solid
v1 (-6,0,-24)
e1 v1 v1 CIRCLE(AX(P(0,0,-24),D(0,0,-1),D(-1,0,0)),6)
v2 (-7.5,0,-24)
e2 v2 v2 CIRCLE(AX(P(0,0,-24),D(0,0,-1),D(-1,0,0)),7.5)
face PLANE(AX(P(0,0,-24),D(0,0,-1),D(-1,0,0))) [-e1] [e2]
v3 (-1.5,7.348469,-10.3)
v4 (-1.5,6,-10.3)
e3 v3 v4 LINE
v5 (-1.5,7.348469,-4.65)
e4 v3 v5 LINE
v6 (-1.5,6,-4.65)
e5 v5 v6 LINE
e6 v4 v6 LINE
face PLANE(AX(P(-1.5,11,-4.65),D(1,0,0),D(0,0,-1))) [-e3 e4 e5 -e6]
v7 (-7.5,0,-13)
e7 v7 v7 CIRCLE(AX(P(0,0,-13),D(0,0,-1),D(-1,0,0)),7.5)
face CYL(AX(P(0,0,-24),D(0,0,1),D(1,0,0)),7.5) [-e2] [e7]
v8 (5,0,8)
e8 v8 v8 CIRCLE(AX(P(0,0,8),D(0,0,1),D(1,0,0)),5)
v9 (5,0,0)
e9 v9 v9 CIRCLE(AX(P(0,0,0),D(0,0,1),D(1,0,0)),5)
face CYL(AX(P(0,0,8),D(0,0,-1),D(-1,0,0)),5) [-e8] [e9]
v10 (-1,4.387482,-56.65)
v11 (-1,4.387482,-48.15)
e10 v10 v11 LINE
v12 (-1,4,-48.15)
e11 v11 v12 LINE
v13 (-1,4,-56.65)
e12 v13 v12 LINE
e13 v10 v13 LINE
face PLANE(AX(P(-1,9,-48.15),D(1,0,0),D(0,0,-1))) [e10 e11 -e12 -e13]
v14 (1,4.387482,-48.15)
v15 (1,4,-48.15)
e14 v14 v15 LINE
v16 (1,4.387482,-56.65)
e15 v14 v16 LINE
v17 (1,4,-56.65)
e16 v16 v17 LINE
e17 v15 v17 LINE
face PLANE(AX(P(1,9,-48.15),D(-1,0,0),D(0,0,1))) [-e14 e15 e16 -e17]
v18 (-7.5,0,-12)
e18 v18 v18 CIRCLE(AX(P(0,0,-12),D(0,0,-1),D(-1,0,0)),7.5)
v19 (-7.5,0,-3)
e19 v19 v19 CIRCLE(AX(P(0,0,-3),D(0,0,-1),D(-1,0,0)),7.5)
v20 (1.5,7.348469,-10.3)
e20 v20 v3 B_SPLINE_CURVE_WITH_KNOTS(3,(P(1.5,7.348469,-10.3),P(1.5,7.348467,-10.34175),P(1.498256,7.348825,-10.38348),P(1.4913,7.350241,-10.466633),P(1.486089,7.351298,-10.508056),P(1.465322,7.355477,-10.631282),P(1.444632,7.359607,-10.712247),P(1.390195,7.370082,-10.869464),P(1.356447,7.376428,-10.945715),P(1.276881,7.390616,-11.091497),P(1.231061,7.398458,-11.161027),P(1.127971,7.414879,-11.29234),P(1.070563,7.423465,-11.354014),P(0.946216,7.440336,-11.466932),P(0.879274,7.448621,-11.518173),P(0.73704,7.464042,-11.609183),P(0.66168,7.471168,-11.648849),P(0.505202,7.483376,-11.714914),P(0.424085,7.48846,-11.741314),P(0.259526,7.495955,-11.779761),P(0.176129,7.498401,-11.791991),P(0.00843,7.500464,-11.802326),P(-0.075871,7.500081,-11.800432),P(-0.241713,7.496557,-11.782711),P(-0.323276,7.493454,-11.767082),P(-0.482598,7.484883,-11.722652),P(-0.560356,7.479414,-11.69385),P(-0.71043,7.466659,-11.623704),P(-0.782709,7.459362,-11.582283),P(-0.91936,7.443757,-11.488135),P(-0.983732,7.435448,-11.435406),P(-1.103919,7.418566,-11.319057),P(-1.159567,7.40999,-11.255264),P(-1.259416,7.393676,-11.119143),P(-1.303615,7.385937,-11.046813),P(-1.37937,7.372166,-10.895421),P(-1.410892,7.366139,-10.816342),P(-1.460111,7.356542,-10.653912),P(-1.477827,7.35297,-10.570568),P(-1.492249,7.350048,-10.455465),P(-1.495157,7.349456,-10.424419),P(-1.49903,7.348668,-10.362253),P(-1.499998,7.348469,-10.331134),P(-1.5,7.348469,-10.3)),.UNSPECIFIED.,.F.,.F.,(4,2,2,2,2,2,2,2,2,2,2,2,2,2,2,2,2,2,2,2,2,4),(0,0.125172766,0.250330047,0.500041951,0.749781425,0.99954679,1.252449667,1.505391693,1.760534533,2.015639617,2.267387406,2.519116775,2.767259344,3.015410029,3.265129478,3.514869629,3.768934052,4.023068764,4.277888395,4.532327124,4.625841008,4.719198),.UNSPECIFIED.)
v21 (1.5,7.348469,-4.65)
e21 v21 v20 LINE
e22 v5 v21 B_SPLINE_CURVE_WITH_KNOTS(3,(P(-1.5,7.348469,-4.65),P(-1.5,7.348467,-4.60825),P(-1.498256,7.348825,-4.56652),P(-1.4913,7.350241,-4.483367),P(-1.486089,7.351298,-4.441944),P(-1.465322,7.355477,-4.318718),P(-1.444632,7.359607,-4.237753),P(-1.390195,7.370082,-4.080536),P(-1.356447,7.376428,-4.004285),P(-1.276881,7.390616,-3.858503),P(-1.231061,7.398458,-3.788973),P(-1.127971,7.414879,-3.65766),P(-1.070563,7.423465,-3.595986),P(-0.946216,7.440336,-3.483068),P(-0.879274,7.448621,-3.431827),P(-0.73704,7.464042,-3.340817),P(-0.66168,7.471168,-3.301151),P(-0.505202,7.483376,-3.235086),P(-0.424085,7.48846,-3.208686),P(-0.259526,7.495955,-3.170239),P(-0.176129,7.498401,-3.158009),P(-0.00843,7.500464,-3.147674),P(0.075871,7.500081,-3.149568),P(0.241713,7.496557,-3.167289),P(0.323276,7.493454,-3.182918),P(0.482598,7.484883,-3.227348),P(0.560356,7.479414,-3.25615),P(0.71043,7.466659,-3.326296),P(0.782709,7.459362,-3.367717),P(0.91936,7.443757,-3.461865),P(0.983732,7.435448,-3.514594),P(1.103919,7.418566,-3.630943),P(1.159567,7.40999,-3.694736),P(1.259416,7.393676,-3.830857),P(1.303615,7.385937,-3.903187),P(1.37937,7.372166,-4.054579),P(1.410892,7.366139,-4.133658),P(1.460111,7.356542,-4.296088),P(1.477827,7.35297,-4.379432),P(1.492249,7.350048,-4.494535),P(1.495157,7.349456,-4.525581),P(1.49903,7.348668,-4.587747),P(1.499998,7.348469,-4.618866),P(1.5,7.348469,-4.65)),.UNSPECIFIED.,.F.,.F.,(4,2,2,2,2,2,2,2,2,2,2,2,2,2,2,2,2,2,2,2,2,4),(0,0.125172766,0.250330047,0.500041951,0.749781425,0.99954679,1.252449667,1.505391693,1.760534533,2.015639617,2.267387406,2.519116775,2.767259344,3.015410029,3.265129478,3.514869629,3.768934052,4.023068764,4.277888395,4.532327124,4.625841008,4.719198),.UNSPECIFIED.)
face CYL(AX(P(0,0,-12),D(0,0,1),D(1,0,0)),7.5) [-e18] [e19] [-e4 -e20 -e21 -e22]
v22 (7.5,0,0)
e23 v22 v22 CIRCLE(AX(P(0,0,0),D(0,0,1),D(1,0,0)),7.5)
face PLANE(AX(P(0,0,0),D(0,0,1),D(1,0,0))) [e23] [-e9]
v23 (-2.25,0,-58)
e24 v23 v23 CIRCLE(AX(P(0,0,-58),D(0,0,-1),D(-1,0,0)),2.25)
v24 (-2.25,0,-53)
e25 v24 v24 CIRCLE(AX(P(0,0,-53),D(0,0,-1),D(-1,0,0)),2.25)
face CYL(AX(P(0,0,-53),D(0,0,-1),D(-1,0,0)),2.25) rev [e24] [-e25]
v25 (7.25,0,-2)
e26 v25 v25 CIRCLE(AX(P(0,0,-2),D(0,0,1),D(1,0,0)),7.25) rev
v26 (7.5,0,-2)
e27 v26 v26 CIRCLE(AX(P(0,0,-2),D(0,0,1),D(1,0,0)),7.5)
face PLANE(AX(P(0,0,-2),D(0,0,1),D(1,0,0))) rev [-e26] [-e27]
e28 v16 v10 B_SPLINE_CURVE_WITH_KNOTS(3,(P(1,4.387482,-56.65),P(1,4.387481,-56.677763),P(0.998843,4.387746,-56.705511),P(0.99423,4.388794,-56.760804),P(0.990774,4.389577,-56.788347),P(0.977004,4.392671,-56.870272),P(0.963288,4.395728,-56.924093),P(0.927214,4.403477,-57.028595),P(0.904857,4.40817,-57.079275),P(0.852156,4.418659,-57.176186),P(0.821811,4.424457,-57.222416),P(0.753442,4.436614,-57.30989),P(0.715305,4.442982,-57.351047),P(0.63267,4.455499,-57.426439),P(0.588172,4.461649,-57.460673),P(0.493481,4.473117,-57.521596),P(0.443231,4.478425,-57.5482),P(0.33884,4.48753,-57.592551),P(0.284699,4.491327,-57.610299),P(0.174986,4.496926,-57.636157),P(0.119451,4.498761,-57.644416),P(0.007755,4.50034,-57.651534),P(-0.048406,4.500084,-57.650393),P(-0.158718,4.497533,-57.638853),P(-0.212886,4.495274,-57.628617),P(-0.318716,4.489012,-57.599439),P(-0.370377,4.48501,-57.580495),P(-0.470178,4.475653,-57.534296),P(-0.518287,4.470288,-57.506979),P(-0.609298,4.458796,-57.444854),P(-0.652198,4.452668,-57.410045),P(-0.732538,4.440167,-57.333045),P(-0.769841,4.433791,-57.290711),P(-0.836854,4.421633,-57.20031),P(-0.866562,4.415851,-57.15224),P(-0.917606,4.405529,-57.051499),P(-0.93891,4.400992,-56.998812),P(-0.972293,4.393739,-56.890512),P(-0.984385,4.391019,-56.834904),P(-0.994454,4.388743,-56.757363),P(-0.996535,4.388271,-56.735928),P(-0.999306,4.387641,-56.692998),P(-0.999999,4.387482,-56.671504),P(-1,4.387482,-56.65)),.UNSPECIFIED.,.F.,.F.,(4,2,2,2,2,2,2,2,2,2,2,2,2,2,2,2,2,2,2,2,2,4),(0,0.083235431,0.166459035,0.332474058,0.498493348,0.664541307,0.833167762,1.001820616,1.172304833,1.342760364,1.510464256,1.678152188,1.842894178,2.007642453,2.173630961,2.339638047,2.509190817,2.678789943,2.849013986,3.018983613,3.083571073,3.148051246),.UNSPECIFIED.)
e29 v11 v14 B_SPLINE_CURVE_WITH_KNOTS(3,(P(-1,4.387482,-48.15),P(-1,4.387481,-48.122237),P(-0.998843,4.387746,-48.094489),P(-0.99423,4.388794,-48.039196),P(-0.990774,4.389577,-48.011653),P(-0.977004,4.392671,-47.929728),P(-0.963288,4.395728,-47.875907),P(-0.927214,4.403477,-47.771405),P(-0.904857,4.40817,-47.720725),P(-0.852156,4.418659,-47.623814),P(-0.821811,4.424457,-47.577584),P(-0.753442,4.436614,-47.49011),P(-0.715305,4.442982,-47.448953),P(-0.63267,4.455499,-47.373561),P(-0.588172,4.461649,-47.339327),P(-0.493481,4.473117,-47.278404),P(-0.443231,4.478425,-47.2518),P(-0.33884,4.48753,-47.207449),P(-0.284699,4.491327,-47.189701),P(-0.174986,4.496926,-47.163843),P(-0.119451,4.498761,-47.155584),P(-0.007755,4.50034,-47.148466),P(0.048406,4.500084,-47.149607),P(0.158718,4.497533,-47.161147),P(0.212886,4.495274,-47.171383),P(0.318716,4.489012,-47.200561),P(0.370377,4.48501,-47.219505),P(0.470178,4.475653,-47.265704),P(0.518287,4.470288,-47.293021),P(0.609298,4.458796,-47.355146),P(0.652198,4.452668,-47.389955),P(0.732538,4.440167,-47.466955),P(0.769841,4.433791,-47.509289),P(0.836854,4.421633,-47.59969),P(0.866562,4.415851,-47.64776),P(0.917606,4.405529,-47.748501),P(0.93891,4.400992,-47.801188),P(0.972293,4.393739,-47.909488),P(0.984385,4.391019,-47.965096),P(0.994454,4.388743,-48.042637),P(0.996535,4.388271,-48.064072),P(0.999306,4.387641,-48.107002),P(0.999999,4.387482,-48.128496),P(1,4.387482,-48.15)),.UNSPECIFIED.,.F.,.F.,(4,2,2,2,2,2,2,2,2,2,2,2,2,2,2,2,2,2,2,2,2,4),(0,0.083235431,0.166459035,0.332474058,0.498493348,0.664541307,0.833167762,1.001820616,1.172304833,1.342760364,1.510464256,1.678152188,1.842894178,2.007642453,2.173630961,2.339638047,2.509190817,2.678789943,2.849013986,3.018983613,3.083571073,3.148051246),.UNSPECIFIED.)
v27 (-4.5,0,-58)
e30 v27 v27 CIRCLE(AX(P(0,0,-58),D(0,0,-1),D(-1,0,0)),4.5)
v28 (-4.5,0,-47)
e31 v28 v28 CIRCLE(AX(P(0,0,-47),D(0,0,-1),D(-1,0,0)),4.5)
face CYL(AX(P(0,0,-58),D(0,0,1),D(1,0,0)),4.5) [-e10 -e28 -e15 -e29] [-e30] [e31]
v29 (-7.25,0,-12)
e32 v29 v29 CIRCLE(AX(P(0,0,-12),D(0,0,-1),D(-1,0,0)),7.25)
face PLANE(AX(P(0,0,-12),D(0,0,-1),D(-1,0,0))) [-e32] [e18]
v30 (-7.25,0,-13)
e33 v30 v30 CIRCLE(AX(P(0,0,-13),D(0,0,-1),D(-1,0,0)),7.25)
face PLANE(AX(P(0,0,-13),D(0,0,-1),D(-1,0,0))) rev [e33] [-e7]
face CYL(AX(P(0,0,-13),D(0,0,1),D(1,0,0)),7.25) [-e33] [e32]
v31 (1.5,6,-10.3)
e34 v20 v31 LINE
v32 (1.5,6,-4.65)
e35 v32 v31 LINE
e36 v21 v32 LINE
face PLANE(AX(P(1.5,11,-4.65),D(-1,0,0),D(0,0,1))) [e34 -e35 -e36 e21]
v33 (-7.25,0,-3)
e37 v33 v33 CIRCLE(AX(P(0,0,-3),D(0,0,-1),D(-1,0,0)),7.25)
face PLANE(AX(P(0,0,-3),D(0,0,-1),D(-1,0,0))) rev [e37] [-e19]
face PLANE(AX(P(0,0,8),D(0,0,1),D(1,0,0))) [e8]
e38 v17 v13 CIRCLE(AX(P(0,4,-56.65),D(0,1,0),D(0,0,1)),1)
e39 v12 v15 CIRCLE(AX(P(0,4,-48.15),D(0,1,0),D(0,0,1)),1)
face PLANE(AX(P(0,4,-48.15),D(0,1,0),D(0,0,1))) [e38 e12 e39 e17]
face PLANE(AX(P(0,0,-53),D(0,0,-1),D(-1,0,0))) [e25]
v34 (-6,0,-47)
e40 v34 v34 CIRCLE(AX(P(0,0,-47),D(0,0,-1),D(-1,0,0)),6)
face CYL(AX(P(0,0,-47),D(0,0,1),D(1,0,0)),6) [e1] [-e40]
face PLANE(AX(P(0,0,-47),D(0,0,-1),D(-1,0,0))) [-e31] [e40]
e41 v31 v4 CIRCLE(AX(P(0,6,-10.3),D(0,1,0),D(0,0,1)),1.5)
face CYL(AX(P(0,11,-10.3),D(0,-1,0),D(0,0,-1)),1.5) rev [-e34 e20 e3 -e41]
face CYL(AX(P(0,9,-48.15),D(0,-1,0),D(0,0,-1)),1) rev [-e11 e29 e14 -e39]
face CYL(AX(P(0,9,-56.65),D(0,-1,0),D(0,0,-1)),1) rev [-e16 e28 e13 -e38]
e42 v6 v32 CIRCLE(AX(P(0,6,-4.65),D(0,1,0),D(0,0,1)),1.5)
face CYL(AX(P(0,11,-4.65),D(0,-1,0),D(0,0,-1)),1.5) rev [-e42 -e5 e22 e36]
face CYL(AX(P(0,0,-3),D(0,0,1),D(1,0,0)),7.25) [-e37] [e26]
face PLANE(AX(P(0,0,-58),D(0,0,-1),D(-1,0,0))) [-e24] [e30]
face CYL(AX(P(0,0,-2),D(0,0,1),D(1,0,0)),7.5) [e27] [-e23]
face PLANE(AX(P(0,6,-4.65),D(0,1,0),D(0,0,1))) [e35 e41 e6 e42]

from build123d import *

# Parameters (mm, degrees)
ESQUISSE1_R              = 5
BOSS_EXTRU_1_DEPTH       = 8
ESQUISSE2_R              = 7.5
BOSS_EXTRU_3_DEPTH       = 2
ESQUISSE5_R              = 7.25
BOSS_EXTRU_6_DEPTH       = 1
ESQUISSE8_R              = 7.5
BOSS_EXTRU_8_DEPTH       = 9
ESQUISSE9_R              = 7.25
BOSS_EXTRU_9_DEPTH       = 1
ESQUISSE10_R             = 7.5
BOSS_EXTRU_10_DEPTH      = 11
ESQUISSE11_R             = 6
BOSS_EXTRU_11_DEPTH      = 23
ESQUISSE12_R             = 4.5
BOSS_EXTRU_12_DEPTH      = 11
ENL_V_START              = 6
ENL_V_MAT_EXTRU_7_DEPTH  = 5
ENL_V_START_2            = 4
ENL_V_MAT_EXTRU_9_DEPTH  = 5
ESQUISSE17_R             = 2.25
ENL_V_MAT_EXTRU_10_DEPTH = 5


with BuildPart() as part:
    # Esquisse1 → Boss.-Extru.1 (new body)
    with BuildSketch(Plane.XY):
        Circle(ESQUISSE1_R)
    extrude(amount=BOSS_EXTRU_1_DEPTH)

    # Esquisse2 → Boss.-Extru.3 (add)
    with BuildSketch(Plane.XY):
        Circle(ESQUISSE2_R)
    extrude(amount=-BOSS_EXTRU_3_DEPTH)

    # Esquisse5 → Boss.-Extru.6 (add)
    with BuildSketch(Plane(origin=(0, 0, -2), x_dir=(-1, 0, 0), z_dir=(0, 0, -1))):
        with Locations(Location((0, 0, 0), (0, 0, 180))):  # turned: the seam where the file's is
            Circle(ESQUISSE5_R)
    extrude(amount=BOSS_EXTRU_6_DEPTH)

    # Esquisse8 → Boss.-Extru.8 (add)
    with BuildSketch(Plane(origin=(0, 0, -3), x_dir=(-1, 0, 0), z_dir=(0, 0, -1))):
        with Locations(Location((0, 0, 0), (0, 0, 180))):  # turned: the seam where the file's is
            Circle(ESQUISSE8_R)
    extrude(amount=BOSS_EXTRU_8_DEPTH)

    # Esquisse9 → Boss.-Extru.9 (add)
    with BuildSketch(Plane(origin=(0, 0, -12), x_dir=(-1, 0, 0), z_dir=(0, 0, -1))):
        with Locations(Location((0, 0, 0), (0, 0, 180))):  # turned: the seam where the file's is
            Circle(ESQUISSE9_R)
    extrude(amount=BOSS_EXTRU_9_DEPTH)

    # Esquisse10 → Boss.-Extru.10 (add)
    with BuildSketch(Plane(origin=(0, 0, -13), x_dir=(-1, 0, 0), z_dir=(0, 0, -1))):
        with Locations(Location((0, 0, 0), (0, 0, 180))):  # turned: the seam where the file's is
            Circle(ESQUISSE10_R)
    extrude(amount=BOSS_EXTRU_10_DEPTH)

    # Esquisse11 → Boss.-Extru.11 (add)
    with BuildSketch(Plane(origin=(0, 0, -24), x_dir=(-1, 0, 0), z_dir=(0, 0, -1))):
        Circle(ESQUISSE11_R)
    extrude(amount=BOSS_EXTRU_11_DEPTH)

    # Esquisse12 → Boss.-Extru.12 (add)
    with BuildSketch(Plane(origin=(0, 0, -47), x_dir=(-1, 0, 0), z_dir=(0, 0, -1))):
        Circle(ESQUISSE12_R)
    extrude(amount=BOSS_EXTRU_12_DEPTH)

    # Esquisse14 → Enlèv. mat.-Extru.7 (cut)
    with BuildSketch(Plane(origin=(0, 0, 0), x_dir=(1, 0, 0), z_dir=(0, 1, 0)).offset(ENL_V_START)):
        with BuildLine():
            Line((-1.5, 4.65), (-1.5, 10.3))
            ThreePointArc((-1.5, 10.3), (0, 11.8), (1.5, 10.3))
            Line((1.5, 10.3), (1.5, 4.65))
            ThreePointArc((1.5, 4.65), (0, 3.15), (-1.5, 4.65))
        make_face()
    extrude(amount=ENL_V_MAT_EXTRU_7_DEPTH, mode=Mode.SUBTRACT)

    # Esquisse15 → Enlèv. mat.-Extru.9 (cut)
    with BuildSketch(Plane(origin=(0, 0, 0), x_dir=(1, 0, 0), z_dir=(0, 1, 0)).offset(ENL_V_START_2)):
        with BuildLine():
            Line((-1, 48.15), (-1, 56.65))
            ThreePointArc((-1, 56.65), (0, 57.65), (1, 56.65))
            Line((1, 56.65), (1, 48.15))
            ThreePointArc((1, 48.15), (0, 47.15), (-1, 48.15))
        make_face()
    extrude(amount=ENL_V_MAT_EXTRU_9_DEPTH, mode=Mode.SUBTRACT)

    # Esquisse17 → Enlèv. mat.-Extru.10 (cut)
    with BuildSketch(Plane(origin=(0, 0, -58), x_dir=(-1, 0, 0), z_dir=(0, 0, -1))):
        Circle(ESQUISSE17_R)
    extrude(amount=-ENL_V_MAT_EXTRU_10_DEPTH, mode=Mode.SUBTRACT)


solid = part.part
